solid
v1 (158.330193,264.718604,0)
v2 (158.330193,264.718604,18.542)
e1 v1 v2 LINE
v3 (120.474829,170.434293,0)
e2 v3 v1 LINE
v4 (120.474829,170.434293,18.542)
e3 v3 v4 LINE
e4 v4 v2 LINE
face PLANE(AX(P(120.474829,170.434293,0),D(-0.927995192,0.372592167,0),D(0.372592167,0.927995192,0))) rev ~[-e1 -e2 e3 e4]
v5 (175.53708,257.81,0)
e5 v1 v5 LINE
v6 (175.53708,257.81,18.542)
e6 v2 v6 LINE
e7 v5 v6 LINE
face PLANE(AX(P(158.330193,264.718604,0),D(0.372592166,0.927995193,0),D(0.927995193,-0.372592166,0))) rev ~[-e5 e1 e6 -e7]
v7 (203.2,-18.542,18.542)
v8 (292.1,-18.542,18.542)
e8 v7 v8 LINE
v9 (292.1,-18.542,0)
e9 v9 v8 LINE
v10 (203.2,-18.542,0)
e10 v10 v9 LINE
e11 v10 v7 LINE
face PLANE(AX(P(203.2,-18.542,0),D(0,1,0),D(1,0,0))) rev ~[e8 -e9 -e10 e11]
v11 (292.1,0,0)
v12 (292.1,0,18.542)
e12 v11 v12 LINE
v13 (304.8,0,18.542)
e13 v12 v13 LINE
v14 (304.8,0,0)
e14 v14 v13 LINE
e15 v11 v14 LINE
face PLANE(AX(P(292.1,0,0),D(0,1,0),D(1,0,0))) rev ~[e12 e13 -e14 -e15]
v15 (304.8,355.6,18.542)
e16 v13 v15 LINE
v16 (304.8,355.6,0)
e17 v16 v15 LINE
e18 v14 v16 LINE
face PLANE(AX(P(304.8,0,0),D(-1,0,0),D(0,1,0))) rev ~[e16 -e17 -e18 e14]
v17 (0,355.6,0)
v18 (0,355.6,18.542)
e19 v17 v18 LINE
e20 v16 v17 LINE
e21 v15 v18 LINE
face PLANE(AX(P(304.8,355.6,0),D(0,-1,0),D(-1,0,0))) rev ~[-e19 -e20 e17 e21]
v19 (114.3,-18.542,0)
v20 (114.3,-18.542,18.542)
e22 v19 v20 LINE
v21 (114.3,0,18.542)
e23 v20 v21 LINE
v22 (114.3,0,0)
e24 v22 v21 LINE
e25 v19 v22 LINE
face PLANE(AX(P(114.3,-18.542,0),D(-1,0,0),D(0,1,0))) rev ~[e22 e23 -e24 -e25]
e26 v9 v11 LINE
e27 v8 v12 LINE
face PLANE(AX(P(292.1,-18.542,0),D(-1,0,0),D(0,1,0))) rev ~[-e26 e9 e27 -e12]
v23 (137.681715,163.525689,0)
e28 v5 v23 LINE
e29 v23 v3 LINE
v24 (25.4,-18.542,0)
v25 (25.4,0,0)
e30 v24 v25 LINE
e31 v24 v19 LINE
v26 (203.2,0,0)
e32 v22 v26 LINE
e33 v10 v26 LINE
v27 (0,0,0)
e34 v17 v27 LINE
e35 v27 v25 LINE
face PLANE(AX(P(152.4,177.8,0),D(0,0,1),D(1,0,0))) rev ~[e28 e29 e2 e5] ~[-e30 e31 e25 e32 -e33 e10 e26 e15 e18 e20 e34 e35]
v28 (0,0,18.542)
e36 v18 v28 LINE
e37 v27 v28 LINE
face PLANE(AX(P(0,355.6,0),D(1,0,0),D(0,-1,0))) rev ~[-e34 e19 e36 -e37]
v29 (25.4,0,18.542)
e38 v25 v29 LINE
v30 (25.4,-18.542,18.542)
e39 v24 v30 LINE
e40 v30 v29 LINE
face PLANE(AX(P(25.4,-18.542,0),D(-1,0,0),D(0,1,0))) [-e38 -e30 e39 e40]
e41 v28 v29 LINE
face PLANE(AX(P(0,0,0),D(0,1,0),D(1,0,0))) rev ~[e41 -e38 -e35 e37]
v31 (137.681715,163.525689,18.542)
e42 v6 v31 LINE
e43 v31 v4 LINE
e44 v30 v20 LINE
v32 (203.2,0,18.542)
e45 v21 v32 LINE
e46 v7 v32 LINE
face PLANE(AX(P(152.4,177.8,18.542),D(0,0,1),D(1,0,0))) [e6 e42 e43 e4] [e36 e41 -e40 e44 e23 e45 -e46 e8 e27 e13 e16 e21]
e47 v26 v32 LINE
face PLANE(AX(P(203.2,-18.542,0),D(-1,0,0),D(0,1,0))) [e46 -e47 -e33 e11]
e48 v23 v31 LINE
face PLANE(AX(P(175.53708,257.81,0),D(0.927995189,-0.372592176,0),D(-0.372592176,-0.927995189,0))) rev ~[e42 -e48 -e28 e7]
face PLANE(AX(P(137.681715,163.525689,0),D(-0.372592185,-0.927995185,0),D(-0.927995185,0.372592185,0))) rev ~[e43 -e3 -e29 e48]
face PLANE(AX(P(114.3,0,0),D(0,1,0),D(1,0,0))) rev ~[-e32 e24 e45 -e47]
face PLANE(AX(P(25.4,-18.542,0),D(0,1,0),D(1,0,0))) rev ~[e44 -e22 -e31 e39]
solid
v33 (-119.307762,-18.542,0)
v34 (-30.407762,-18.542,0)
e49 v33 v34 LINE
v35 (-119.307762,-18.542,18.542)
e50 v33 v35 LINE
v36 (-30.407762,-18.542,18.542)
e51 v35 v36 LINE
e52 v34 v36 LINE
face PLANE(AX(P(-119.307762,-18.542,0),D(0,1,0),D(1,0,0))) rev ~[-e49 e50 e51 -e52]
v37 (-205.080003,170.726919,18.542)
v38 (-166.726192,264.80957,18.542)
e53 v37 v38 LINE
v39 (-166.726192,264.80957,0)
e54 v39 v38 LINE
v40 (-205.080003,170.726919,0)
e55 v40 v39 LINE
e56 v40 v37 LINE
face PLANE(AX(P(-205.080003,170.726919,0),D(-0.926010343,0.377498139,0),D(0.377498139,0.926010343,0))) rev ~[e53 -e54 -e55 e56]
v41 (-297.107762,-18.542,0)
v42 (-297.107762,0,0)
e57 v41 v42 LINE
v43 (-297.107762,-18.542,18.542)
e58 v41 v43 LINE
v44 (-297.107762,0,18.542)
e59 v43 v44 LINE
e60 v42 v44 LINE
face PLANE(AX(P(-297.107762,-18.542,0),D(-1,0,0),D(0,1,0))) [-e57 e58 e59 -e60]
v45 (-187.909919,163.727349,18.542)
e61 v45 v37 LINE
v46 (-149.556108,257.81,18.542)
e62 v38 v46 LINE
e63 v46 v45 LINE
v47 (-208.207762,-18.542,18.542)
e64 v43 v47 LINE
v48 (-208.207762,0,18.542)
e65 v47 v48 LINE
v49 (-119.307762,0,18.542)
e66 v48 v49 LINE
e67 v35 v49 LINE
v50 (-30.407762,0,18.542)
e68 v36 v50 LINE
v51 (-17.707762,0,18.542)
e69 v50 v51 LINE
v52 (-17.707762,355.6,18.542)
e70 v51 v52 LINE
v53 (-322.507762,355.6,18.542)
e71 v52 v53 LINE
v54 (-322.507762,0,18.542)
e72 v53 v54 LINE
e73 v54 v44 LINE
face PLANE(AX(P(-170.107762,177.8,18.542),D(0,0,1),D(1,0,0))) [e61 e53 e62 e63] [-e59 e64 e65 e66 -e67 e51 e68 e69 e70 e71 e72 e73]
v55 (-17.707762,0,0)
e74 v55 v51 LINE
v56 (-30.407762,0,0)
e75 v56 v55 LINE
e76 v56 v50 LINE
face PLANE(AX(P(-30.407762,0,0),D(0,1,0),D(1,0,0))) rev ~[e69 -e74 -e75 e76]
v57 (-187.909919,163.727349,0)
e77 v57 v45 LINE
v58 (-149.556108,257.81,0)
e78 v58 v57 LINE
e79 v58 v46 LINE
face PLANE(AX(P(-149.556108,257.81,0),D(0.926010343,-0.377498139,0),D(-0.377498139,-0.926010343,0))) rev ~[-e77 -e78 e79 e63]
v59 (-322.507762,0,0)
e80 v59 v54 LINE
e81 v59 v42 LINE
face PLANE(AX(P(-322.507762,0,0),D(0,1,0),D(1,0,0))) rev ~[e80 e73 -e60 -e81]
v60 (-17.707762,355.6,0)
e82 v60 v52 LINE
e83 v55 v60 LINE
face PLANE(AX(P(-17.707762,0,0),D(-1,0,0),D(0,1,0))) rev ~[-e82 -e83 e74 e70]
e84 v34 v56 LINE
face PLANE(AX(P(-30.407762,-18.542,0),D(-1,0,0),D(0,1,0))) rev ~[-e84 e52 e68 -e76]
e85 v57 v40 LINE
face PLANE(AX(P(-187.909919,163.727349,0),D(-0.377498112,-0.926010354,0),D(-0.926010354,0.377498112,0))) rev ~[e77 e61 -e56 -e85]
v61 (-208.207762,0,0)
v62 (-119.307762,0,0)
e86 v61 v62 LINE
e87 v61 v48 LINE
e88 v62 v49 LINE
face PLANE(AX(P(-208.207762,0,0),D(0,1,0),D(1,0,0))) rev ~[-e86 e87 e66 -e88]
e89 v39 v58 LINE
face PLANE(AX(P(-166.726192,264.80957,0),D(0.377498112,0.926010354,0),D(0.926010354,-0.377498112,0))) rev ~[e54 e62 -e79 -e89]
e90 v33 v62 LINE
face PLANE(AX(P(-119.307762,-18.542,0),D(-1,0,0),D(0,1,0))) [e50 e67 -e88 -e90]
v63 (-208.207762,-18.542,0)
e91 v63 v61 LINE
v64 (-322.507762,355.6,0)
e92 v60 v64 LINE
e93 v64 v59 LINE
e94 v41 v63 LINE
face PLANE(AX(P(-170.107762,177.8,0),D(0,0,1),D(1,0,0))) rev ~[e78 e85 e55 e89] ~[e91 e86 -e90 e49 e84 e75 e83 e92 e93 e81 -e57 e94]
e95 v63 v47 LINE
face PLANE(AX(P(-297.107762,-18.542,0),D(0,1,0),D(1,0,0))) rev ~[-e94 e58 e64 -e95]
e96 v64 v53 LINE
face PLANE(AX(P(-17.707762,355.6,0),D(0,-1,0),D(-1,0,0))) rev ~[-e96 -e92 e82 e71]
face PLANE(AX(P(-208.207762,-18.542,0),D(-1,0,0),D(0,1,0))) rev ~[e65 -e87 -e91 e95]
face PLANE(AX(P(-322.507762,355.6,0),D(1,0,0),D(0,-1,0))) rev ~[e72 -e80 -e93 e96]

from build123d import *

# Parameters (mm, degrees)
F0_W     = 88.9
F0_H     = 18.542
F1_DEPTH = 18.542
F2_W     = 88.9
F2_H     = 18.542
F3_DEPTH = 18.542


with BuildPart() as f1:
    # F0 (on Top) → F1 (new body)
    with BuildSketch(Plane.XY):
        Polygon((-322.507762, 355.6), (-322.507762, 0), (-297.107762, 0), (-208.207762, 0), (-119.307762, 0), (-30.407762, 0), (-17.707762, 0), (-17.707762, 152.4), (-17.707762, 177.8), (-17.707762, 203.2), (-17.707762, 355.6), align=None)
        Polygon((-187.909919, 163.727349), (-205.080003, 170.726919), (-166.726192, 264.80957), (-149.556108, 257.81), align=None, mode=Mode.SUBTRACT)
        with Locations((-252.657762, -9.271)):
            Rectangle(F0_W, F0_H)
        with Locations((-74.857762, -9.271)):
            Rectangle(F0_W, F0_H)
    extrude(amount=F1_DEPTH)


with BuildPart() as f3:
    # F2 (on Top) → F3 (new body)
    with BuildSketch(Plane.XY):
        Polygon((0, 355.6), (0, 0), (25.4, 0), (114.3, 0), (203.2, 0), (292.1, 0), (304.8, 0), (304.8, 177.8), (304.8, 355.6), align=None)
        Polygon((137.681715, 163.525689), (120.474829, 170.434293), (158.330193, 264.718604), (175.53708, 257.81), align=None, mode=Mode.SUBTRACT)
        with Locations((247.65, -9.271)):
            Rectangle(F2_W, F2_H)
        with Locations((69.85, -9.271)):
            Rectangle(F2_W, F2_H)
    extrude(amount=F3_DEPTH)


solid = Compound([f1.part, f3.part])
